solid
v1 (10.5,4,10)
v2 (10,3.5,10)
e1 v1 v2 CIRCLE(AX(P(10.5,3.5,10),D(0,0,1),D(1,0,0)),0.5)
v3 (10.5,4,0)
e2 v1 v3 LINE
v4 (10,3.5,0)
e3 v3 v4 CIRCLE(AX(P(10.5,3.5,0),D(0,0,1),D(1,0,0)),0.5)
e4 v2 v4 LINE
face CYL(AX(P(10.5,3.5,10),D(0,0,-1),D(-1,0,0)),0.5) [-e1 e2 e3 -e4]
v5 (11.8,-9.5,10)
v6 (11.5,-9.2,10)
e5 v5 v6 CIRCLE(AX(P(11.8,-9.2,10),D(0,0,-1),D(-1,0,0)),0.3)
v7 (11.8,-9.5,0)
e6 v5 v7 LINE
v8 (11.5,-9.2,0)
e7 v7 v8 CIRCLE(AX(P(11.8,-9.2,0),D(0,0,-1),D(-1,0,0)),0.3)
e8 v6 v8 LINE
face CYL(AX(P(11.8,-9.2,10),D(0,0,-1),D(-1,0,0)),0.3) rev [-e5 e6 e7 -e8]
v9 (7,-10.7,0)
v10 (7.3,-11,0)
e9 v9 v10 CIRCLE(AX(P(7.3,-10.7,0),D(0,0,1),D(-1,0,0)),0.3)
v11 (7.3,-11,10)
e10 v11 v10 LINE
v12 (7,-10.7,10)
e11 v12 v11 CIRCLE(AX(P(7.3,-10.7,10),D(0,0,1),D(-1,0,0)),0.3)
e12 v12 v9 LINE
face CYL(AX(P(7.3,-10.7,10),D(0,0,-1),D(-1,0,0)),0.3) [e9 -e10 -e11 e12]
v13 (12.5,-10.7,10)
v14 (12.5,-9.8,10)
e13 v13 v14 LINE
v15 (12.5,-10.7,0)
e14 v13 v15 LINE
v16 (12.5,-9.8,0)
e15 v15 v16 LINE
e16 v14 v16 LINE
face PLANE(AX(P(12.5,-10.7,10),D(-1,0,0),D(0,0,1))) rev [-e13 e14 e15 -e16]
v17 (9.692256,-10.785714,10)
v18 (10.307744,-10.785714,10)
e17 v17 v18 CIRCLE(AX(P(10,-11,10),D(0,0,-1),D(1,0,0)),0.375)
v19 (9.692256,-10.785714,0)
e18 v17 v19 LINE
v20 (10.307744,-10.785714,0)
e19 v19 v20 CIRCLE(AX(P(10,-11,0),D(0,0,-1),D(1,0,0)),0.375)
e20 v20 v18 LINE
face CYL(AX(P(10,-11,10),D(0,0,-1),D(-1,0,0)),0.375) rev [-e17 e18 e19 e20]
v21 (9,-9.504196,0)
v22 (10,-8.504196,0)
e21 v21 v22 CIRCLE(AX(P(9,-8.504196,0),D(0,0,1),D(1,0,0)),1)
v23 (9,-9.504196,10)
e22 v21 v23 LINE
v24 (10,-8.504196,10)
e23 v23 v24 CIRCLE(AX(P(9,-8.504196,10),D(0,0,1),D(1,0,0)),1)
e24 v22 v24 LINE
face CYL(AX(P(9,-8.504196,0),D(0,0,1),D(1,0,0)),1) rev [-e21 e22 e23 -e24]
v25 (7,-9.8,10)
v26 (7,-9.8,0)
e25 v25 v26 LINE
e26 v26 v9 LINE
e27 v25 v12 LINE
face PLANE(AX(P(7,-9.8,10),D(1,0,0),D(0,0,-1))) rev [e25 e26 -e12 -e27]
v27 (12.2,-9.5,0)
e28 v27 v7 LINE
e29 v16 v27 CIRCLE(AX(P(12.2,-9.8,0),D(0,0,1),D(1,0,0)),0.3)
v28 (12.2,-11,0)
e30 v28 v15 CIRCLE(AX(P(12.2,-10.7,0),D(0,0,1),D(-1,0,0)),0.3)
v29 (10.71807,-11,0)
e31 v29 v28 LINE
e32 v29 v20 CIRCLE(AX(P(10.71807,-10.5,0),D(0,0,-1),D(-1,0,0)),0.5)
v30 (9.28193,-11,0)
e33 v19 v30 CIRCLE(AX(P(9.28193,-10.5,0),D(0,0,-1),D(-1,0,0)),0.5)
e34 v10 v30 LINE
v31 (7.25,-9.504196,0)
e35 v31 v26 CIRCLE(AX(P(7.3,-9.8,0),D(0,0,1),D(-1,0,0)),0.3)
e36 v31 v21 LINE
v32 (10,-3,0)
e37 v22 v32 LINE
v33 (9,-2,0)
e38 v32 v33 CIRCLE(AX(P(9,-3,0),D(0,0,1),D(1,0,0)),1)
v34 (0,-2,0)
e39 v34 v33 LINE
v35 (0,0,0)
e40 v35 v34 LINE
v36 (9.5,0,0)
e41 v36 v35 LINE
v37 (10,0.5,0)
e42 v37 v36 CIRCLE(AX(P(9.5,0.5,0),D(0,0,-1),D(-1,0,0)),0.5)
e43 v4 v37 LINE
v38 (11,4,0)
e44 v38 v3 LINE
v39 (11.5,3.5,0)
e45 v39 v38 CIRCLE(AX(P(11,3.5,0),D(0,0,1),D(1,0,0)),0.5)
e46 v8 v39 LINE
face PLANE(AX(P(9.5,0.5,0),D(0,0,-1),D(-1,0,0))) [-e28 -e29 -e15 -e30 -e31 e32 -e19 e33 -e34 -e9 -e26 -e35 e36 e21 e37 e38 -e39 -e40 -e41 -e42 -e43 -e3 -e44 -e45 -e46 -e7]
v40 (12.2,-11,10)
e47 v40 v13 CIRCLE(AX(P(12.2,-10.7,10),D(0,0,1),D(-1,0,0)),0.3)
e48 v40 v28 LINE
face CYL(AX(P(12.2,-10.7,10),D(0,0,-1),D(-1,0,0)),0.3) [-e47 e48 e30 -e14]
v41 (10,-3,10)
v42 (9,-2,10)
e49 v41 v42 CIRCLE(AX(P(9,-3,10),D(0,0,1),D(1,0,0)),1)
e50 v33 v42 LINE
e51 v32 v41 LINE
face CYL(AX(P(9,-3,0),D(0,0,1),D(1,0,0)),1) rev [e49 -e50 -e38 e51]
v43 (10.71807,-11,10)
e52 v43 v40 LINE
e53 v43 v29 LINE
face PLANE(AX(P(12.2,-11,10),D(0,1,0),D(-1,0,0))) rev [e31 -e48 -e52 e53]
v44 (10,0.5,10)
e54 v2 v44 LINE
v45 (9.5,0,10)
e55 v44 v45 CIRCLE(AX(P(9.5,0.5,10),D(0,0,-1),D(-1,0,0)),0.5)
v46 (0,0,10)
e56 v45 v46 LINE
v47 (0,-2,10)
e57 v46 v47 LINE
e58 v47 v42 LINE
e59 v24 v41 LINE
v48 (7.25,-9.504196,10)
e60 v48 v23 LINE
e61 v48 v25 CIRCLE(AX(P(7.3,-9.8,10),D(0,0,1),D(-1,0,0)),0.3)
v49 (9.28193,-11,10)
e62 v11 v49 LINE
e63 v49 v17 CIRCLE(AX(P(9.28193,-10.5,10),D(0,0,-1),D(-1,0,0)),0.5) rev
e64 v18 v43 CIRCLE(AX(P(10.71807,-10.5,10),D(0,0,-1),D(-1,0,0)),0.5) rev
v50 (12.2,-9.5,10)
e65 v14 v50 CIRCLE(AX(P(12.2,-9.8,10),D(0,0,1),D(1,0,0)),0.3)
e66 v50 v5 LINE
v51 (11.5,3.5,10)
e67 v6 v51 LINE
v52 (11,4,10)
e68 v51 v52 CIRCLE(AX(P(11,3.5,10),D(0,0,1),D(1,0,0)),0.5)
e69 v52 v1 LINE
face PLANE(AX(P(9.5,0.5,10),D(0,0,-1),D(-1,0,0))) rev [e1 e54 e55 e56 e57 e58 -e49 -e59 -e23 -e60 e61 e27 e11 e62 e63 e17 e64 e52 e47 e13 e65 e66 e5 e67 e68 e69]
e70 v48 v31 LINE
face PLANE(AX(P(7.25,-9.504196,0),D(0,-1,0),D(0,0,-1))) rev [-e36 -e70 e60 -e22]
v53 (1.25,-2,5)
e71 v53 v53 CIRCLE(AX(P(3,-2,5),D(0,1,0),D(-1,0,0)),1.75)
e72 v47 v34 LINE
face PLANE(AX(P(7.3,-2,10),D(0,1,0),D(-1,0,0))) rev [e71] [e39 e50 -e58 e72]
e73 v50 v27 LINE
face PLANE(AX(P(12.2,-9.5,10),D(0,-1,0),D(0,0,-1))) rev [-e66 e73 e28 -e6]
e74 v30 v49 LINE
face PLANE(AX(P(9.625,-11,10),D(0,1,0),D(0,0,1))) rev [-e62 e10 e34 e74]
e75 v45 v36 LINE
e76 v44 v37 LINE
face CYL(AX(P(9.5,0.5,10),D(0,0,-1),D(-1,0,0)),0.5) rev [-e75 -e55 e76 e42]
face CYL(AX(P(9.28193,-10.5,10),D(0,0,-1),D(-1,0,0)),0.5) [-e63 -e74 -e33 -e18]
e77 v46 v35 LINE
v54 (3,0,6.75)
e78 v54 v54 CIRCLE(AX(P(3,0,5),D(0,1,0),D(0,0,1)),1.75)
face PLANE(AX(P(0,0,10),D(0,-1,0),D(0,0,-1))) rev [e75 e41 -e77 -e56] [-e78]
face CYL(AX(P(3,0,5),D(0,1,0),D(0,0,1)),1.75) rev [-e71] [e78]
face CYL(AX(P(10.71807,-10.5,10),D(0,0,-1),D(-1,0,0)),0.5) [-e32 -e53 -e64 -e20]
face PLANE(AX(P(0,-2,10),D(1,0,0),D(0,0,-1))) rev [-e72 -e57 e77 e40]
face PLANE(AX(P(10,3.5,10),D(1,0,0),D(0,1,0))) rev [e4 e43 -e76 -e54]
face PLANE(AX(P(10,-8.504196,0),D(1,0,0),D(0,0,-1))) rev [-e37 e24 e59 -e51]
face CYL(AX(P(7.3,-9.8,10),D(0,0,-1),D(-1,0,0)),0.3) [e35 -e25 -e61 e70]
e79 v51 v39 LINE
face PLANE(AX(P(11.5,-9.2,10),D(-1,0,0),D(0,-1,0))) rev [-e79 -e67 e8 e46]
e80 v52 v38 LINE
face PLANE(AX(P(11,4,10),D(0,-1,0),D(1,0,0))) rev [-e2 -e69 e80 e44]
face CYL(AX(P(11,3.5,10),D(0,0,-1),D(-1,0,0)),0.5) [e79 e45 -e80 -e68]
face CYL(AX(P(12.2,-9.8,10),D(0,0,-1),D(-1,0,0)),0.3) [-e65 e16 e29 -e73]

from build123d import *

# Parameters (mm, degrees)
BOSS_EXTRUDE1_DEPTH  = 10
FILLET1_R            = 0.5
M3_CLEARANCE_HOLE1_D = 3.5
CUT_EXTRUDE1_DEPTH   = 10


with BuildPart() as part:
    # Sketch1 → Boss-Extrude1 (new body)
    with BuildSketch(Plane.XY):
        with BuildLine():
            Line((0, 0), (9.5, 0))
            ThreePointArc((9.5, 0), (9.853553391, 0.146446609), (10, 0.5))
            Line((10, 0.5), (10, 3.5))
            ThreePointArc((10, 3.5), (10.146446609, 3.853553391), (10.5, 4))
            Line((10.5, 4), (11, 4))
            ThreePointArc((11, 4), (11.353553391, 3.853553391), (11.5, 3.5))
            Line((11.5, 3.5), (11.5, -9.2))
            ThreePointArc((11.5, -9.2), (11.587867966, -9.412132034), (11.8, -9.5))
            Line((11.8, -9.5), (12.2, -9.5))
            ThreePointArc((12.2, -9.5), (12.412132034, -9.587867966), (12.5, -9.8))
            Line((12.5, -9.8), (12.5, -10.7))
            ThreePointArc((12.5, -10.7), (12.412132034, -10.912132034), (12.2, -11))
            Line((12.2, -11), (10.375, -11))
            ThreePointArc((10.375, -11), (10, -10.625), (9.625, -11))
            Line((9.625, -11), (7.3, -11))
            ThreePointArc((7.3, -11), (7.087867966, -10.912132034), (7, -10.7))
            Line((7, -10.7), (7, -9.8))
            ThreePointArc((7, -9.8), (7.070871215, -9.606350833), (7.25, -9.504196011))
            ThreePointArc((7.25, -9.504196011), (7.429128785, -9.402041189), (7.5, -9.208392022))
            Line((7.5, -9.208392022), (7.5, -2.2))
            ThreePointArc((7.5, -2.2), (7.441421356, -2.058578644), (7.3, -2))
            Line((7.3, -2), (0, -2))
            Line((0, -2), (0, 0))
        make_face()
    extrude(amount=BOSS_EXTRUDE1_DEPTH)

    # Fillet1
    fillet1_edges = [part.edges().sort_by_distance(p)[0] for p in [
        (10.375, -11, 5),
        (9.625, -11, 5),
    ]]
    fillet(fillet1_edges, radius=FILLET1_R)

    # M3 Clearance Hole1 (through all)
    with Locations(Plane(origin=(0, 0, 0), x_dir=(1, 0, 0), z_dir=(0, 1, 0))):
        with Locations((3, -5)):
            Hole(M3_CLEARANCE_HOLE1_D / 2)

    # Sketch4 → Cut-Extrude1 (cut)
    with BuildSketch(Plane.XY.offset(10)):
        with BuildLine():
            Line((7.25, -9.504196011), (9, -9.504196011))
            ThreePointArc((9, -9.504196011), (9.707106781, -9.211302792), (10, -8.504196011))
            Line((10, -8.504196011), (10, -3))
            ThreePointArc((10, -3), (9.707106781, -2.292893219), (9, -2))
            Line((9, -2), (7.5, -2))
            Line((7.5, -2), (7.25, -2))
            Line((7.25, -2), (7.25, -9.504196011))
        make_face()
    extrude(amount=-CUT_EXTRUDE1_DEPTH, mode=Mode.SUBTRACT)


solid = part.part
